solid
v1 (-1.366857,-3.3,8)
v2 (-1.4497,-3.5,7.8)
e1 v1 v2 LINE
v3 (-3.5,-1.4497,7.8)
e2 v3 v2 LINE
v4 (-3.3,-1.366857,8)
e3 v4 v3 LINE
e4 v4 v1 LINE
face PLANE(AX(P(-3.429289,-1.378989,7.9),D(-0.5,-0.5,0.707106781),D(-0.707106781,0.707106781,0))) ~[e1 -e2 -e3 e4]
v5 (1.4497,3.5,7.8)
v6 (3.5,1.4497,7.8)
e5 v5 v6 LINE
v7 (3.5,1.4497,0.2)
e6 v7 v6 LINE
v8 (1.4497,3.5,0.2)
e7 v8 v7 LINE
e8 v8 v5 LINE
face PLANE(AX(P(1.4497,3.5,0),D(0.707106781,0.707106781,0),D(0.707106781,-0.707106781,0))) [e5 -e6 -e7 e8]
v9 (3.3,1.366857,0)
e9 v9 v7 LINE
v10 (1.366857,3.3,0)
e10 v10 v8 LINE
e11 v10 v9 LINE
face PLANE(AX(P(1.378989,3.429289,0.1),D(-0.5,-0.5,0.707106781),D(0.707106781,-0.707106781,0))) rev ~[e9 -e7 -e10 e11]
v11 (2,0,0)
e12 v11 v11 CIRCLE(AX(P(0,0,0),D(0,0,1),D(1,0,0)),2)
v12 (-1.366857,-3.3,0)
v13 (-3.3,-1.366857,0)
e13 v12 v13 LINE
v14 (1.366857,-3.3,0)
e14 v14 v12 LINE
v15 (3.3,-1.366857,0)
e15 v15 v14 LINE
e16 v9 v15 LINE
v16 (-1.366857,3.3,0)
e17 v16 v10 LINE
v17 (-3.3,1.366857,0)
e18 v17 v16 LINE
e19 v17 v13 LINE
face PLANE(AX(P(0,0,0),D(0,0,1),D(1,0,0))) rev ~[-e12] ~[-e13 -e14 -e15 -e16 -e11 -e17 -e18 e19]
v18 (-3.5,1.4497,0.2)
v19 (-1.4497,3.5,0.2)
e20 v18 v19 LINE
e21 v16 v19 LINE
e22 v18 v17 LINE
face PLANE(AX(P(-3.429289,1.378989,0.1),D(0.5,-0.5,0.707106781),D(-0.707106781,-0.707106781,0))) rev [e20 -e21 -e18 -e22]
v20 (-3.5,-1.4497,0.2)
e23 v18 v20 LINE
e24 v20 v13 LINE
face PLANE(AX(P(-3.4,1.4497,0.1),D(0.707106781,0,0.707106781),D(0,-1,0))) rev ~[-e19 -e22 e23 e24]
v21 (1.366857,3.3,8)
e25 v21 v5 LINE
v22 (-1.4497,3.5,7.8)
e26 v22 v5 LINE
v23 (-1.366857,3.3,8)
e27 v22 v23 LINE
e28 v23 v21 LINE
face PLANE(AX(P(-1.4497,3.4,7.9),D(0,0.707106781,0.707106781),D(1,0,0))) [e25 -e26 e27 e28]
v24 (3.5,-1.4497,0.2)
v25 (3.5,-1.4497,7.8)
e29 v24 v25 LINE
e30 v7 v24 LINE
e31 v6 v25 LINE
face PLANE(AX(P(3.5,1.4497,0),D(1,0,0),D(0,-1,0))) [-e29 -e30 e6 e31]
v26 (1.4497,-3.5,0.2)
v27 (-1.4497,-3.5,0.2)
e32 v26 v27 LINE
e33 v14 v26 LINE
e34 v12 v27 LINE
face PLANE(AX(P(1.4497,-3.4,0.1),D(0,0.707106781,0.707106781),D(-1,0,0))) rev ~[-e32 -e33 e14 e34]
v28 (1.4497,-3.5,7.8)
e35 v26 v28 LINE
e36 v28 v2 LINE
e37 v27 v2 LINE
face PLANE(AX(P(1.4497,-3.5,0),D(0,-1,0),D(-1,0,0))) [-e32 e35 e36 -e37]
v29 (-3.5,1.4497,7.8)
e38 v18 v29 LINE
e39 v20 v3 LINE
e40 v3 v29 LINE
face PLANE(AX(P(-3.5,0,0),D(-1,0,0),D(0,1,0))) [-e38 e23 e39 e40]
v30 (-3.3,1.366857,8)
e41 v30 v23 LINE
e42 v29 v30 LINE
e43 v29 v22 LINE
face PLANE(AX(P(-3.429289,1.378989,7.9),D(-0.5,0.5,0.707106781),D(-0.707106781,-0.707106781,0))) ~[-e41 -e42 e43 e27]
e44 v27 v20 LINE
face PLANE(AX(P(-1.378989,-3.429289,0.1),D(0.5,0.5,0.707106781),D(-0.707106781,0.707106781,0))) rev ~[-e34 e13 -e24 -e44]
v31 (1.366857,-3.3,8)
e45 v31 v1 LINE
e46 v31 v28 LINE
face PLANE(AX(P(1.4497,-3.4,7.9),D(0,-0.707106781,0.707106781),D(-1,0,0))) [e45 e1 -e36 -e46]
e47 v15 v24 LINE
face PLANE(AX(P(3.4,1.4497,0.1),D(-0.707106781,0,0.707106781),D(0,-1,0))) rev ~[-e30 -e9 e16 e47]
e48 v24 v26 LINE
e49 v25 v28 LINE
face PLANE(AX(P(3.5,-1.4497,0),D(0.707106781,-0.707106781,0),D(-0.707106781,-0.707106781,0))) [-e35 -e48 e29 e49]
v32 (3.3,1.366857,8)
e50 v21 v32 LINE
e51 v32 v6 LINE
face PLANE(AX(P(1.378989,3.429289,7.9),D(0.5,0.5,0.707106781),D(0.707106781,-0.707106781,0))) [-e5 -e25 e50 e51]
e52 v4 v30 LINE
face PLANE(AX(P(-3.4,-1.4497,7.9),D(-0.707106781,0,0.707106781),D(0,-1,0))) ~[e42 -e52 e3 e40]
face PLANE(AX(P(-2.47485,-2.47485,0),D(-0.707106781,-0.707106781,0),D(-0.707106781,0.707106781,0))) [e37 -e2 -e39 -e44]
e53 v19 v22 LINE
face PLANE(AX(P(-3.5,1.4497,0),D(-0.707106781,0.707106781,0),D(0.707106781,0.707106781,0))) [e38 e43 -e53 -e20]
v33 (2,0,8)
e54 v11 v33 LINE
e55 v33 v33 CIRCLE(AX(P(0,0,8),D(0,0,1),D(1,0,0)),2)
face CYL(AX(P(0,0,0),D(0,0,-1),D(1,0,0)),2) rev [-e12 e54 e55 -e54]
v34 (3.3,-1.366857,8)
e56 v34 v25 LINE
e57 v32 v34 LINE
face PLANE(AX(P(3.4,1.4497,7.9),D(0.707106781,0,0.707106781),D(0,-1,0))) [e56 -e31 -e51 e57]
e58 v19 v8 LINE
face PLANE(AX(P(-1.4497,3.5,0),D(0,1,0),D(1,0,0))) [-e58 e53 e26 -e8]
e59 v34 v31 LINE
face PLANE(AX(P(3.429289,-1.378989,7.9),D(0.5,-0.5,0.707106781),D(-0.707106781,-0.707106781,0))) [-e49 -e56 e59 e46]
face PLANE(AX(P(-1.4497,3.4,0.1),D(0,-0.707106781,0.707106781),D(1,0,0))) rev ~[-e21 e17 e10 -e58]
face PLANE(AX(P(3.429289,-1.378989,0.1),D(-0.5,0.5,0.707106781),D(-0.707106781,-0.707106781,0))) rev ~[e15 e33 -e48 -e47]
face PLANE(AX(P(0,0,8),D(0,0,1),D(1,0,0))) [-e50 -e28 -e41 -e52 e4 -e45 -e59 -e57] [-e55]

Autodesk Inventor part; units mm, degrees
ref_plane "YZ Plane" through (0, 0, 0) normal (1, 0, 0) x (0, 1, 0)
ref_plane "XZ Plane" through (0, 0, 0) normal (0, 1, 0) x (-1, 0, 0)
ref_plane "XY Plane" through (0, 0, 0) normal (0, 0, 1) x (1, 0, 0)
sketch "スケッチ1" plane through (0, 0, 0) normal (0, 0, 1) x (1, 0, 0)
  circle A0 centre (0, 0) radius 2
  arc A1 (-3.5, 0) -> (-2.4749, -2.4749) centre (0, 0) ccw
  line L0 (-3.5, 3.5) -> (3.5, 3.5)
  line L1 (3.5, 3.5) -> (3.5, -3.5)
  line L2 (3.5, -3.5) -> (-3.5, -3.5)
  line L3 (-3.5, -3.5) -> (-3.5, 3.5)
  line L4 (-4.9497, 0) -> (0, 4.9497)
  line L5 (0, -4.9497) -> (-4.9497, 0)
  line L6 (4.9497, 0) -> (0, -4.9497)
  line L7 (0, 4.9497) -> (4.9497, 0)
  line L8 (-3.5, 1.4497) -> (-1.4497, 3.5)
  line L9 (1.4497, 3.5) -> (3.5, 1.4497)
  line L10 (3.5, -1.4497) -> (1.4497, -3.5)
  line L11 (-1.4497, -3.5) -> (-3.5, -1.4497)
  point P0 (-3.5, -1.4497)
  dimension "d0" = 4
  dimension "d1" = 7
  dimension "d2" = 7
  dimension "d3" = 7
  dimension "d6" = 45
extrude "押し出し1" add sketch "スケッチ1" along normal blind 8 contours L3 L4 L0 L7 L1 L6 L2 L5 A1 | A1 L5 L3
chamfer "面取り1" distance 0.2 angle 45 8 edges at (-2.4749, 2.4749, 8) (0, 3.5, 8) (3.5, 0, 8) (0, -3.5, 8) (-2.4749, -2.4749, 8) (-3.5, 0, 8) (2.4749, 2.4749, 8) (2.4749, -2.4749, 8)
chamfer "面取り2" distance 0.2 angle 45 8 edges at (2.4749, 2.4749, 0) (3.5, 0, 0) (2.4749, -2.4749, 0) (0, 3.5, 0) (-2.4749, 2.4749, 0) (-3.5, 0, 0) (-2.4749, -2.4749, 0) (0, -3.5, 0)
properties part number "GearHub6kakku" material "アルミニウム 6061"
